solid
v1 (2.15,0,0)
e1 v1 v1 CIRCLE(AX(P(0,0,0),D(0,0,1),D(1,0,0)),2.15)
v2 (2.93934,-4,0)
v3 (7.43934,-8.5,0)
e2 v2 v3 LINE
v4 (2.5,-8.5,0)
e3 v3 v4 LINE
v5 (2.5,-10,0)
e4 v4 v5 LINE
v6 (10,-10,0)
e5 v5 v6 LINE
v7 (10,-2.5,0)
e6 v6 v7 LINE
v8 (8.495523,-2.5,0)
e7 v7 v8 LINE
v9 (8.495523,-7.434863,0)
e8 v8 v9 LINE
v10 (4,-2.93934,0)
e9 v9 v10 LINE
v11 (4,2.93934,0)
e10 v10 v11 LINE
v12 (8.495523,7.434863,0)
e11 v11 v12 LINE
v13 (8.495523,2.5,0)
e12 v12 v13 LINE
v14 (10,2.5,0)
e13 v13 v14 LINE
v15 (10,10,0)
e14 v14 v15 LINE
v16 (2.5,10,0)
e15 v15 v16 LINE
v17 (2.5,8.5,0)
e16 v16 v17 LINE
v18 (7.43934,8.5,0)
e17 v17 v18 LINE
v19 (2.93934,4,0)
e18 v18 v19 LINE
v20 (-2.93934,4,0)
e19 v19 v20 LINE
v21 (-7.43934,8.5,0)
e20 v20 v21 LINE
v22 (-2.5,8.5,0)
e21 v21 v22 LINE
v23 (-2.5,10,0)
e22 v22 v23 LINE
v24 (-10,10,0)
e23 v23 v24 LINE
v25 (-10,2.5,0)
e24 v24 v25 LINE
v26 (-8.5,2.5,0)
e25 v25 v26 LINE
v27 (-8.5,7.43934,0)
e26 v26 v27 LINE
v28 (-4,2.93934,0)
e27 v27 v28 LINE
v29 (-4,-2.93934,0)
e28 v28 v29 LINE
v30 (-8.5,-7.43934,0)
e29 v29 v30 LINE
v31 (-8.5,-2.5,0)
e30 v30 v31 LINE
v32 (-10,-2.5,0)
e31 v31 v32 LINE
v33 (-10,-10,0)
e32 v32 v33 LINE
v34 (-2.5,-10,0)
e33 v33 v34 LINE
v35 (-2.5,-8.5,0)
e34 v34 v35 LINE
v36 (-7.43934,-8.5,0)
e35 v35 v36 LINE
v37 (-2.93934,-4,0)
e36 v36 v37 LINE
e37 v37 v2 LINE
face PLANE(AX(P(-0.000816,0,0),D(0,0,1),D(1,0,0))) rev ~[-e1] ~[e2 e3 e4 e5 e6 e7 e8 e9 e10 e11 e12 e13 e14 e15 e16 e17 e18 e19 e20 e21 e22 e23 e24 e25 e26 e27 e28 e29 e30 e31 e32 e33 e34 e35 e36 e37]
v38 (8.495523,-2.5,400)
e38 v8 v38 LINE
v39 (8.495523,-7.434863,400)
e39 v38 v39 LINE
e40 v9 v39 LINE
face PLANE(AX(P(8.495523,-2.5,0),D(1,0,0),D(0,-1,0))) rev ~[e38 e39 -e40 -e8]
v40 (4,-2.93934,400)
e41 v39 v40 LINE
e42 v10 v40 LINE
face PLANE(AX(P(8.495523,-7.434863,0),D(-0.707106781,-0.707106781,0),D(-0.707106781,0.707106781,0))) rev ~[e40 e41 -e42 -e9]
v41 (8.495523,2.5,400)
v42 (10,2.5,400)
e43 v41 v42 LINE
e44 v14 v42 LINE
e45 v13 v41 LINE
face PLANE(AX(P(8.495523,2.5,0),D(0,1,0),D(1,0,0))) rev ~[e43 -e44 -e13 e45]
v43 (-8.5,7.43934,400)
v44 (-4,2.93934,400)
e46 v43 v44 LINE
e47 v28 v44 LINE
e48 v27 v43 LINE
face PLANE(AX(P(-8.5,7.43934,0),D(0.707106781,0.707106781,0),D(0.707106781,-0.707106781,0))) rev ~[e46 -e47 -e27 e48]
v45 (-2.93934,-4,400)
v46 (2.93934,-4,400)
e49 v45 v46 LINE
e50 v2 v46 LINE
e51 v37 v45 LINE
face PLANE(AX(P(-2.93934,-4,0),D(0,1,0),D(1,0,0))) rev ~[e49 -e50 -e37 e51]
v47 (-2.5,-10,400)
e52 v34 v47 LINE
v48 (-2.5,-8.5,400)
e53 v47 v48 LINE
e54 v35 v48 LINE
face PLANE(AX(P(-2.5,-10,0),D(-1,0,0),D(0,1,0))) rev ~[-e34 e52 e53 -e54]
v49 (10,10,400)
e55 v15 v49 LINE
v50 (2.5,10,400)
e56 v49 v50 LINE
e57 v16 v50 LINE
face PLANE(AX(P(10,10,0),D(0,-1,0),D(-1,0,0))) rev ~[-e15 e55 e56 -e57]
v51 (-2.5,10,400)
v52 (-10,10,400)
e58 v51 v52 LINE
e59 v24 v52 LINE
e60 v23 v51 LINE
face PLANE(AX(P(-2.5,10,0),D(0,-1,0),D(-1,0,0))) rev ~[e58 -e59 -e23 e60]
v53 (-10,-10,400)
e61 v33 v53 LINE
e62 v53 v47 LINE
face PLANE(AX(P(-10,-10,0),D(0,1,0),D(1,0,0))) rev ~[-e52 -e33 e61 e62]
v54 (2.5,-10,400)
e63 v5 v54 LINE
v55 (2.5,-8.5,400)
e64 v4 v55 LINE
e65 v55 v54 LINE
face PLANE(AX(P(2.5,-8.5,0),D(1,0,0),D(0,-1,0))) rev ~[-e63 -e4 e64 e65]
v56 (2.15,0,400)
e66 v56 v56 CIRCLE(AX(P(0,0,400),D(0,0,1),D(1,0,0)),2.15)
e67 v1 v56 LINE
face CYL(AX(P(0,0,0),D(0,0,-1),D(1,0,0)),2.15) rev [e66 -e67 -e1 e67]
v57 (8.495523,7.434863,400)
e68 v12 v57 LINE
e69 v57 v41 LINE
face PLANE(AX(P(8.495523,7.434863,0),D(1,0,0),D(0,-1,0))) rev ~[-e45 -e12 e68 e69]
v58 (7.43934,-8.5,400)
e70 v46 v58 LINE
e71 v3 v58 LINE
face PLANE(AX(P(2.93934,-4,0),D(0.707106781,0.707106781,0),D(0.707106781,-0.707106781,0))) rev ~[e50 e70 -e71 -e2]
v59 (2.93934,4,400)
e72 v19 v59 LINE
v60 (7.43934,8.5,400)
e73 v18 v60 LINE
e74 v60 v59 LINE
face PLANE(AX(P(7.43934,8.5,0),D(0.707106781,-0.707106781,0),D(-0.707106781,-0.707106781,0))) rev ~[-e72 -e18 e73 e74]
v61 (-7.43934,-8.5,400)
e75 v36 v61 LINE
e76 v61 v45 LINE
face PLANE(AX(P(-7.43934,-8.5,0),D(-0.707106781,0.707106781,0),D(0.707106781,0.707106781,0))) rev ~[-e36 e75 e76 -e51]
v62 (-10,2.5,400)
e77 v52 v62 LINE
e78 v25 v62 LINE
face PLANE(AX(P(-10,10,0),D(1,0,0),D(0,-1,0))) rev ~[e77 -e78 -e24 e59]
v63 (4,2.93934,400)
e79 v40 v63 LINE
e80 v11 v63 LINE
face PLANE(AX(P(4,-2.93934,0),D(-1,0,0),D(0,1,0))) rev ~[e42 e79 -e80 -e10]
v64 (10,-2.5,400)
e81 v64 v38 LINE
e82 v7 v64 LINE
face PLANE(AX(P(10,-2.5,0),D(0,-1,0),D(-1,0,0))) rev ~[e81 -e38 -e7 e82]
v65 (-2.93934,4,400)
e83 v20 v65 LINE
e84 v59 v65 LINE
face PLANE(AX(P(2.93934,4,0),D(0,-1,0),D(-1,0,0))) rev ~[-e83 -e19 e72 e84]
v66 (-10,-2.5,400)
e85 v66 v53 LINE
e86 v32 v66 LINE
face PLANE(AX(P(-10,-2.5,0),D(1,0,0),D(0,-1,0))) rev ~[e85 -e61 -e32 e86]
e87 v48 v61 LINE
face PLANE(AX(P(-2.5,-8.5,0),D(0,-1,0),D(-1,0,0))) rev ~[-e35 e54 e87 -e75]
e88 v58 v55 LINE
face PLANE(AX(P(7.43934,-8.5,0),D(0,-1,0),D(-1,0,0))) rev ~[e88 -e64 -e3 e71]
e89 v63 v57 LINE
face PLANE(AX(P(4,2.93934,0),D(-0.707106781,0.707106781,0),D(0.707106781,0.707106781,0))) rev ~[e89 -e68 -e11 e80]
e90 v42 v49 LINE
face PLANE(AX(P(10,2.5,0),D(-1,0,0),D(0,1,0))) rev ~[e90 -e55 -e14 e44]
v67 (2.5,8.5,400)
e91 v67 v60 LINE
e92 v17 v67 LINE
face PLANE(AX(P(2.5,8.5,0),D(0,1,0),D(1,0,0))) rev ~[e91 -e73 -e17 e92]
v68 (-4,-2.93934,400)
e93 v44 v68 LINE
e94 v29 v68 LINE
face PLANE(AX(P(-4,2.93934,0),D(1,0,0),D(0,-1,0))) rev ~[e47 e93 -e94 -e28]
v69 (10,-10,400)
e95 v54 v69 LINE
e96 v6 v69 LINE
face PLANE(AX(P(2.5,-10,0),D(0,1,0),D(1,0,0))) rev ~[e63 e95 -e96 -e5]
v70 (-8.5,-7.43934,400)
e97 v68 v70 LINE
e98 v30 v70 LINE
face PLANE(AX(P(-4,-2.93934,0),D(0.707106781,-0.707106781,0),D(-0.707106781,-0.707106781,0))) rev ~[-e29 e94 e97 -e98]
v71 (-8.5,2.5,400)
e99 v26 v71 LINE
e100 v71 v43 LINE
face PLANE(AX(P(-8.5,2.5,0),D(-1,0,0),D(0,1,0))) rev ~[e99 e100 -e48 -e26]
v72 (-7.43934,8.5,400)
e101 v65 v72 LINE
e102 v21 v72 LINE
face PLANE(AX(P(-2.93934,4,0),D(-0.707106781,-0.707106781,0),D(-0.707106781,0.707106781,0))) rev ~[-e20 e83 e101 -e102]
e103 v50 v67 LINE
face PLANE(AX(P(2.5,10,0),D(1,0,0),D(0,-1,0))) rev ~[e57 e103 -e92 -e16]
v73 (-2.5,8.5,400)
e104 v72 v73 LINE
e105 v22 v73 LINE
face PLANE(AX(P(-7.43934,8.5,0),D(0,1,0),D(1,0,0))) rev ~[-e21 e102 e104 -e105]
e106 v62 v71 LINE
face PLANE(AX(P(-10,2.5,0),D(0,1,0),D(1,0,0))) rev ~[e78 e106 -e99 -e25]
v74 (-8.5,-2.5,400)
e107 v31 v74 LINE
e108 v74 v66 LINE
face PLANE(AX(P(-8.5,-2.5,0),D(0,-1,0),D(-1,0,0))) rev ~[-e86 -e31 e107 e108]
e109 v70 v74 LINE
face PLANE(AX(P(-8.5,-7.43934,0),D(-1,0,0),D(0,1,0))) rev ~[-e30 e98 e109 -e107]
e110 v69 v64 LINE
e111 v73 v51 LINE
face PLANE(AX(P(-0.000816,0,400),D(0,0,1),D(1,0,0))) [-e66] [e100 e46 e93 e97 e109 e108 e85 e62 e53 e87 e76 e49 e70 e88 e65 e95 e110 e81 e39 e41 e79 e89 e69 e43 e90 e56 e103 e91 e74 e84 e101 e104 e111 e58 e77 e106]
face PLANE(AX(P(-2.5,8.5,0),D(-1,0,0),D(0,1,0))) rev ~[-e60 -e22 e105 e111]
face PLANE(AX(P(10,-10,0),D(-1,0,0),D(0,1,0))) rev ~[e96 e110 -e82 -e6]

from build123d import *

# Parameters (mm, degrees)
SKIZZE2_R                       = 2.15
AUFSATZ_LINEAR_AUSTRAGEN1_DEPTH = 400


with BuildPart() as part:
    # Skizze2 → Aufsatz-Linear austragen1 (new body)
    with BuildSketch(Plane.XY):
        Polygon((-10, -2.5), (-10, -10), (-2.5, -10), (-2.5, -8.5), (-7.439339828, -8.5), (-2.939339828, -4), (2.939339828, -4), (7.439339828, -8.5), (2.5, -8.5), (2.5, -10), (10, -10), (10, -2.5), (8.495523259, -2.5), (8.495523259, -7.434863087), (4, -2.939339828), (4, 2.939339828), (8.495523259, 7.434863087), (8.495523259, 2.5), (10, 2.5), (10, 10), (2.5, 10), (2.5, 8.5), (7.439339828, 8.5), (2.939339828, 4), (-2.939339828, 4), (-7.439339828, 8.5), (-2.5, 8.5), (-2.5, 10), (-10, 10), (-10, 2.5), (-8.5, 2.5), (-8.5, 7.439339828), (-4, 2.939339828), (-4, -2.939339828), (-8.5, -7.439339828), (-8.5, -2.5), align=None)
        Circle(SKIZZE2_R, mode=Mode.SUBTRACT)
    extrude(amount=AUFSATZ_LINEAR_AUSTRAGEN1_DEPTH)


solid = part.part
